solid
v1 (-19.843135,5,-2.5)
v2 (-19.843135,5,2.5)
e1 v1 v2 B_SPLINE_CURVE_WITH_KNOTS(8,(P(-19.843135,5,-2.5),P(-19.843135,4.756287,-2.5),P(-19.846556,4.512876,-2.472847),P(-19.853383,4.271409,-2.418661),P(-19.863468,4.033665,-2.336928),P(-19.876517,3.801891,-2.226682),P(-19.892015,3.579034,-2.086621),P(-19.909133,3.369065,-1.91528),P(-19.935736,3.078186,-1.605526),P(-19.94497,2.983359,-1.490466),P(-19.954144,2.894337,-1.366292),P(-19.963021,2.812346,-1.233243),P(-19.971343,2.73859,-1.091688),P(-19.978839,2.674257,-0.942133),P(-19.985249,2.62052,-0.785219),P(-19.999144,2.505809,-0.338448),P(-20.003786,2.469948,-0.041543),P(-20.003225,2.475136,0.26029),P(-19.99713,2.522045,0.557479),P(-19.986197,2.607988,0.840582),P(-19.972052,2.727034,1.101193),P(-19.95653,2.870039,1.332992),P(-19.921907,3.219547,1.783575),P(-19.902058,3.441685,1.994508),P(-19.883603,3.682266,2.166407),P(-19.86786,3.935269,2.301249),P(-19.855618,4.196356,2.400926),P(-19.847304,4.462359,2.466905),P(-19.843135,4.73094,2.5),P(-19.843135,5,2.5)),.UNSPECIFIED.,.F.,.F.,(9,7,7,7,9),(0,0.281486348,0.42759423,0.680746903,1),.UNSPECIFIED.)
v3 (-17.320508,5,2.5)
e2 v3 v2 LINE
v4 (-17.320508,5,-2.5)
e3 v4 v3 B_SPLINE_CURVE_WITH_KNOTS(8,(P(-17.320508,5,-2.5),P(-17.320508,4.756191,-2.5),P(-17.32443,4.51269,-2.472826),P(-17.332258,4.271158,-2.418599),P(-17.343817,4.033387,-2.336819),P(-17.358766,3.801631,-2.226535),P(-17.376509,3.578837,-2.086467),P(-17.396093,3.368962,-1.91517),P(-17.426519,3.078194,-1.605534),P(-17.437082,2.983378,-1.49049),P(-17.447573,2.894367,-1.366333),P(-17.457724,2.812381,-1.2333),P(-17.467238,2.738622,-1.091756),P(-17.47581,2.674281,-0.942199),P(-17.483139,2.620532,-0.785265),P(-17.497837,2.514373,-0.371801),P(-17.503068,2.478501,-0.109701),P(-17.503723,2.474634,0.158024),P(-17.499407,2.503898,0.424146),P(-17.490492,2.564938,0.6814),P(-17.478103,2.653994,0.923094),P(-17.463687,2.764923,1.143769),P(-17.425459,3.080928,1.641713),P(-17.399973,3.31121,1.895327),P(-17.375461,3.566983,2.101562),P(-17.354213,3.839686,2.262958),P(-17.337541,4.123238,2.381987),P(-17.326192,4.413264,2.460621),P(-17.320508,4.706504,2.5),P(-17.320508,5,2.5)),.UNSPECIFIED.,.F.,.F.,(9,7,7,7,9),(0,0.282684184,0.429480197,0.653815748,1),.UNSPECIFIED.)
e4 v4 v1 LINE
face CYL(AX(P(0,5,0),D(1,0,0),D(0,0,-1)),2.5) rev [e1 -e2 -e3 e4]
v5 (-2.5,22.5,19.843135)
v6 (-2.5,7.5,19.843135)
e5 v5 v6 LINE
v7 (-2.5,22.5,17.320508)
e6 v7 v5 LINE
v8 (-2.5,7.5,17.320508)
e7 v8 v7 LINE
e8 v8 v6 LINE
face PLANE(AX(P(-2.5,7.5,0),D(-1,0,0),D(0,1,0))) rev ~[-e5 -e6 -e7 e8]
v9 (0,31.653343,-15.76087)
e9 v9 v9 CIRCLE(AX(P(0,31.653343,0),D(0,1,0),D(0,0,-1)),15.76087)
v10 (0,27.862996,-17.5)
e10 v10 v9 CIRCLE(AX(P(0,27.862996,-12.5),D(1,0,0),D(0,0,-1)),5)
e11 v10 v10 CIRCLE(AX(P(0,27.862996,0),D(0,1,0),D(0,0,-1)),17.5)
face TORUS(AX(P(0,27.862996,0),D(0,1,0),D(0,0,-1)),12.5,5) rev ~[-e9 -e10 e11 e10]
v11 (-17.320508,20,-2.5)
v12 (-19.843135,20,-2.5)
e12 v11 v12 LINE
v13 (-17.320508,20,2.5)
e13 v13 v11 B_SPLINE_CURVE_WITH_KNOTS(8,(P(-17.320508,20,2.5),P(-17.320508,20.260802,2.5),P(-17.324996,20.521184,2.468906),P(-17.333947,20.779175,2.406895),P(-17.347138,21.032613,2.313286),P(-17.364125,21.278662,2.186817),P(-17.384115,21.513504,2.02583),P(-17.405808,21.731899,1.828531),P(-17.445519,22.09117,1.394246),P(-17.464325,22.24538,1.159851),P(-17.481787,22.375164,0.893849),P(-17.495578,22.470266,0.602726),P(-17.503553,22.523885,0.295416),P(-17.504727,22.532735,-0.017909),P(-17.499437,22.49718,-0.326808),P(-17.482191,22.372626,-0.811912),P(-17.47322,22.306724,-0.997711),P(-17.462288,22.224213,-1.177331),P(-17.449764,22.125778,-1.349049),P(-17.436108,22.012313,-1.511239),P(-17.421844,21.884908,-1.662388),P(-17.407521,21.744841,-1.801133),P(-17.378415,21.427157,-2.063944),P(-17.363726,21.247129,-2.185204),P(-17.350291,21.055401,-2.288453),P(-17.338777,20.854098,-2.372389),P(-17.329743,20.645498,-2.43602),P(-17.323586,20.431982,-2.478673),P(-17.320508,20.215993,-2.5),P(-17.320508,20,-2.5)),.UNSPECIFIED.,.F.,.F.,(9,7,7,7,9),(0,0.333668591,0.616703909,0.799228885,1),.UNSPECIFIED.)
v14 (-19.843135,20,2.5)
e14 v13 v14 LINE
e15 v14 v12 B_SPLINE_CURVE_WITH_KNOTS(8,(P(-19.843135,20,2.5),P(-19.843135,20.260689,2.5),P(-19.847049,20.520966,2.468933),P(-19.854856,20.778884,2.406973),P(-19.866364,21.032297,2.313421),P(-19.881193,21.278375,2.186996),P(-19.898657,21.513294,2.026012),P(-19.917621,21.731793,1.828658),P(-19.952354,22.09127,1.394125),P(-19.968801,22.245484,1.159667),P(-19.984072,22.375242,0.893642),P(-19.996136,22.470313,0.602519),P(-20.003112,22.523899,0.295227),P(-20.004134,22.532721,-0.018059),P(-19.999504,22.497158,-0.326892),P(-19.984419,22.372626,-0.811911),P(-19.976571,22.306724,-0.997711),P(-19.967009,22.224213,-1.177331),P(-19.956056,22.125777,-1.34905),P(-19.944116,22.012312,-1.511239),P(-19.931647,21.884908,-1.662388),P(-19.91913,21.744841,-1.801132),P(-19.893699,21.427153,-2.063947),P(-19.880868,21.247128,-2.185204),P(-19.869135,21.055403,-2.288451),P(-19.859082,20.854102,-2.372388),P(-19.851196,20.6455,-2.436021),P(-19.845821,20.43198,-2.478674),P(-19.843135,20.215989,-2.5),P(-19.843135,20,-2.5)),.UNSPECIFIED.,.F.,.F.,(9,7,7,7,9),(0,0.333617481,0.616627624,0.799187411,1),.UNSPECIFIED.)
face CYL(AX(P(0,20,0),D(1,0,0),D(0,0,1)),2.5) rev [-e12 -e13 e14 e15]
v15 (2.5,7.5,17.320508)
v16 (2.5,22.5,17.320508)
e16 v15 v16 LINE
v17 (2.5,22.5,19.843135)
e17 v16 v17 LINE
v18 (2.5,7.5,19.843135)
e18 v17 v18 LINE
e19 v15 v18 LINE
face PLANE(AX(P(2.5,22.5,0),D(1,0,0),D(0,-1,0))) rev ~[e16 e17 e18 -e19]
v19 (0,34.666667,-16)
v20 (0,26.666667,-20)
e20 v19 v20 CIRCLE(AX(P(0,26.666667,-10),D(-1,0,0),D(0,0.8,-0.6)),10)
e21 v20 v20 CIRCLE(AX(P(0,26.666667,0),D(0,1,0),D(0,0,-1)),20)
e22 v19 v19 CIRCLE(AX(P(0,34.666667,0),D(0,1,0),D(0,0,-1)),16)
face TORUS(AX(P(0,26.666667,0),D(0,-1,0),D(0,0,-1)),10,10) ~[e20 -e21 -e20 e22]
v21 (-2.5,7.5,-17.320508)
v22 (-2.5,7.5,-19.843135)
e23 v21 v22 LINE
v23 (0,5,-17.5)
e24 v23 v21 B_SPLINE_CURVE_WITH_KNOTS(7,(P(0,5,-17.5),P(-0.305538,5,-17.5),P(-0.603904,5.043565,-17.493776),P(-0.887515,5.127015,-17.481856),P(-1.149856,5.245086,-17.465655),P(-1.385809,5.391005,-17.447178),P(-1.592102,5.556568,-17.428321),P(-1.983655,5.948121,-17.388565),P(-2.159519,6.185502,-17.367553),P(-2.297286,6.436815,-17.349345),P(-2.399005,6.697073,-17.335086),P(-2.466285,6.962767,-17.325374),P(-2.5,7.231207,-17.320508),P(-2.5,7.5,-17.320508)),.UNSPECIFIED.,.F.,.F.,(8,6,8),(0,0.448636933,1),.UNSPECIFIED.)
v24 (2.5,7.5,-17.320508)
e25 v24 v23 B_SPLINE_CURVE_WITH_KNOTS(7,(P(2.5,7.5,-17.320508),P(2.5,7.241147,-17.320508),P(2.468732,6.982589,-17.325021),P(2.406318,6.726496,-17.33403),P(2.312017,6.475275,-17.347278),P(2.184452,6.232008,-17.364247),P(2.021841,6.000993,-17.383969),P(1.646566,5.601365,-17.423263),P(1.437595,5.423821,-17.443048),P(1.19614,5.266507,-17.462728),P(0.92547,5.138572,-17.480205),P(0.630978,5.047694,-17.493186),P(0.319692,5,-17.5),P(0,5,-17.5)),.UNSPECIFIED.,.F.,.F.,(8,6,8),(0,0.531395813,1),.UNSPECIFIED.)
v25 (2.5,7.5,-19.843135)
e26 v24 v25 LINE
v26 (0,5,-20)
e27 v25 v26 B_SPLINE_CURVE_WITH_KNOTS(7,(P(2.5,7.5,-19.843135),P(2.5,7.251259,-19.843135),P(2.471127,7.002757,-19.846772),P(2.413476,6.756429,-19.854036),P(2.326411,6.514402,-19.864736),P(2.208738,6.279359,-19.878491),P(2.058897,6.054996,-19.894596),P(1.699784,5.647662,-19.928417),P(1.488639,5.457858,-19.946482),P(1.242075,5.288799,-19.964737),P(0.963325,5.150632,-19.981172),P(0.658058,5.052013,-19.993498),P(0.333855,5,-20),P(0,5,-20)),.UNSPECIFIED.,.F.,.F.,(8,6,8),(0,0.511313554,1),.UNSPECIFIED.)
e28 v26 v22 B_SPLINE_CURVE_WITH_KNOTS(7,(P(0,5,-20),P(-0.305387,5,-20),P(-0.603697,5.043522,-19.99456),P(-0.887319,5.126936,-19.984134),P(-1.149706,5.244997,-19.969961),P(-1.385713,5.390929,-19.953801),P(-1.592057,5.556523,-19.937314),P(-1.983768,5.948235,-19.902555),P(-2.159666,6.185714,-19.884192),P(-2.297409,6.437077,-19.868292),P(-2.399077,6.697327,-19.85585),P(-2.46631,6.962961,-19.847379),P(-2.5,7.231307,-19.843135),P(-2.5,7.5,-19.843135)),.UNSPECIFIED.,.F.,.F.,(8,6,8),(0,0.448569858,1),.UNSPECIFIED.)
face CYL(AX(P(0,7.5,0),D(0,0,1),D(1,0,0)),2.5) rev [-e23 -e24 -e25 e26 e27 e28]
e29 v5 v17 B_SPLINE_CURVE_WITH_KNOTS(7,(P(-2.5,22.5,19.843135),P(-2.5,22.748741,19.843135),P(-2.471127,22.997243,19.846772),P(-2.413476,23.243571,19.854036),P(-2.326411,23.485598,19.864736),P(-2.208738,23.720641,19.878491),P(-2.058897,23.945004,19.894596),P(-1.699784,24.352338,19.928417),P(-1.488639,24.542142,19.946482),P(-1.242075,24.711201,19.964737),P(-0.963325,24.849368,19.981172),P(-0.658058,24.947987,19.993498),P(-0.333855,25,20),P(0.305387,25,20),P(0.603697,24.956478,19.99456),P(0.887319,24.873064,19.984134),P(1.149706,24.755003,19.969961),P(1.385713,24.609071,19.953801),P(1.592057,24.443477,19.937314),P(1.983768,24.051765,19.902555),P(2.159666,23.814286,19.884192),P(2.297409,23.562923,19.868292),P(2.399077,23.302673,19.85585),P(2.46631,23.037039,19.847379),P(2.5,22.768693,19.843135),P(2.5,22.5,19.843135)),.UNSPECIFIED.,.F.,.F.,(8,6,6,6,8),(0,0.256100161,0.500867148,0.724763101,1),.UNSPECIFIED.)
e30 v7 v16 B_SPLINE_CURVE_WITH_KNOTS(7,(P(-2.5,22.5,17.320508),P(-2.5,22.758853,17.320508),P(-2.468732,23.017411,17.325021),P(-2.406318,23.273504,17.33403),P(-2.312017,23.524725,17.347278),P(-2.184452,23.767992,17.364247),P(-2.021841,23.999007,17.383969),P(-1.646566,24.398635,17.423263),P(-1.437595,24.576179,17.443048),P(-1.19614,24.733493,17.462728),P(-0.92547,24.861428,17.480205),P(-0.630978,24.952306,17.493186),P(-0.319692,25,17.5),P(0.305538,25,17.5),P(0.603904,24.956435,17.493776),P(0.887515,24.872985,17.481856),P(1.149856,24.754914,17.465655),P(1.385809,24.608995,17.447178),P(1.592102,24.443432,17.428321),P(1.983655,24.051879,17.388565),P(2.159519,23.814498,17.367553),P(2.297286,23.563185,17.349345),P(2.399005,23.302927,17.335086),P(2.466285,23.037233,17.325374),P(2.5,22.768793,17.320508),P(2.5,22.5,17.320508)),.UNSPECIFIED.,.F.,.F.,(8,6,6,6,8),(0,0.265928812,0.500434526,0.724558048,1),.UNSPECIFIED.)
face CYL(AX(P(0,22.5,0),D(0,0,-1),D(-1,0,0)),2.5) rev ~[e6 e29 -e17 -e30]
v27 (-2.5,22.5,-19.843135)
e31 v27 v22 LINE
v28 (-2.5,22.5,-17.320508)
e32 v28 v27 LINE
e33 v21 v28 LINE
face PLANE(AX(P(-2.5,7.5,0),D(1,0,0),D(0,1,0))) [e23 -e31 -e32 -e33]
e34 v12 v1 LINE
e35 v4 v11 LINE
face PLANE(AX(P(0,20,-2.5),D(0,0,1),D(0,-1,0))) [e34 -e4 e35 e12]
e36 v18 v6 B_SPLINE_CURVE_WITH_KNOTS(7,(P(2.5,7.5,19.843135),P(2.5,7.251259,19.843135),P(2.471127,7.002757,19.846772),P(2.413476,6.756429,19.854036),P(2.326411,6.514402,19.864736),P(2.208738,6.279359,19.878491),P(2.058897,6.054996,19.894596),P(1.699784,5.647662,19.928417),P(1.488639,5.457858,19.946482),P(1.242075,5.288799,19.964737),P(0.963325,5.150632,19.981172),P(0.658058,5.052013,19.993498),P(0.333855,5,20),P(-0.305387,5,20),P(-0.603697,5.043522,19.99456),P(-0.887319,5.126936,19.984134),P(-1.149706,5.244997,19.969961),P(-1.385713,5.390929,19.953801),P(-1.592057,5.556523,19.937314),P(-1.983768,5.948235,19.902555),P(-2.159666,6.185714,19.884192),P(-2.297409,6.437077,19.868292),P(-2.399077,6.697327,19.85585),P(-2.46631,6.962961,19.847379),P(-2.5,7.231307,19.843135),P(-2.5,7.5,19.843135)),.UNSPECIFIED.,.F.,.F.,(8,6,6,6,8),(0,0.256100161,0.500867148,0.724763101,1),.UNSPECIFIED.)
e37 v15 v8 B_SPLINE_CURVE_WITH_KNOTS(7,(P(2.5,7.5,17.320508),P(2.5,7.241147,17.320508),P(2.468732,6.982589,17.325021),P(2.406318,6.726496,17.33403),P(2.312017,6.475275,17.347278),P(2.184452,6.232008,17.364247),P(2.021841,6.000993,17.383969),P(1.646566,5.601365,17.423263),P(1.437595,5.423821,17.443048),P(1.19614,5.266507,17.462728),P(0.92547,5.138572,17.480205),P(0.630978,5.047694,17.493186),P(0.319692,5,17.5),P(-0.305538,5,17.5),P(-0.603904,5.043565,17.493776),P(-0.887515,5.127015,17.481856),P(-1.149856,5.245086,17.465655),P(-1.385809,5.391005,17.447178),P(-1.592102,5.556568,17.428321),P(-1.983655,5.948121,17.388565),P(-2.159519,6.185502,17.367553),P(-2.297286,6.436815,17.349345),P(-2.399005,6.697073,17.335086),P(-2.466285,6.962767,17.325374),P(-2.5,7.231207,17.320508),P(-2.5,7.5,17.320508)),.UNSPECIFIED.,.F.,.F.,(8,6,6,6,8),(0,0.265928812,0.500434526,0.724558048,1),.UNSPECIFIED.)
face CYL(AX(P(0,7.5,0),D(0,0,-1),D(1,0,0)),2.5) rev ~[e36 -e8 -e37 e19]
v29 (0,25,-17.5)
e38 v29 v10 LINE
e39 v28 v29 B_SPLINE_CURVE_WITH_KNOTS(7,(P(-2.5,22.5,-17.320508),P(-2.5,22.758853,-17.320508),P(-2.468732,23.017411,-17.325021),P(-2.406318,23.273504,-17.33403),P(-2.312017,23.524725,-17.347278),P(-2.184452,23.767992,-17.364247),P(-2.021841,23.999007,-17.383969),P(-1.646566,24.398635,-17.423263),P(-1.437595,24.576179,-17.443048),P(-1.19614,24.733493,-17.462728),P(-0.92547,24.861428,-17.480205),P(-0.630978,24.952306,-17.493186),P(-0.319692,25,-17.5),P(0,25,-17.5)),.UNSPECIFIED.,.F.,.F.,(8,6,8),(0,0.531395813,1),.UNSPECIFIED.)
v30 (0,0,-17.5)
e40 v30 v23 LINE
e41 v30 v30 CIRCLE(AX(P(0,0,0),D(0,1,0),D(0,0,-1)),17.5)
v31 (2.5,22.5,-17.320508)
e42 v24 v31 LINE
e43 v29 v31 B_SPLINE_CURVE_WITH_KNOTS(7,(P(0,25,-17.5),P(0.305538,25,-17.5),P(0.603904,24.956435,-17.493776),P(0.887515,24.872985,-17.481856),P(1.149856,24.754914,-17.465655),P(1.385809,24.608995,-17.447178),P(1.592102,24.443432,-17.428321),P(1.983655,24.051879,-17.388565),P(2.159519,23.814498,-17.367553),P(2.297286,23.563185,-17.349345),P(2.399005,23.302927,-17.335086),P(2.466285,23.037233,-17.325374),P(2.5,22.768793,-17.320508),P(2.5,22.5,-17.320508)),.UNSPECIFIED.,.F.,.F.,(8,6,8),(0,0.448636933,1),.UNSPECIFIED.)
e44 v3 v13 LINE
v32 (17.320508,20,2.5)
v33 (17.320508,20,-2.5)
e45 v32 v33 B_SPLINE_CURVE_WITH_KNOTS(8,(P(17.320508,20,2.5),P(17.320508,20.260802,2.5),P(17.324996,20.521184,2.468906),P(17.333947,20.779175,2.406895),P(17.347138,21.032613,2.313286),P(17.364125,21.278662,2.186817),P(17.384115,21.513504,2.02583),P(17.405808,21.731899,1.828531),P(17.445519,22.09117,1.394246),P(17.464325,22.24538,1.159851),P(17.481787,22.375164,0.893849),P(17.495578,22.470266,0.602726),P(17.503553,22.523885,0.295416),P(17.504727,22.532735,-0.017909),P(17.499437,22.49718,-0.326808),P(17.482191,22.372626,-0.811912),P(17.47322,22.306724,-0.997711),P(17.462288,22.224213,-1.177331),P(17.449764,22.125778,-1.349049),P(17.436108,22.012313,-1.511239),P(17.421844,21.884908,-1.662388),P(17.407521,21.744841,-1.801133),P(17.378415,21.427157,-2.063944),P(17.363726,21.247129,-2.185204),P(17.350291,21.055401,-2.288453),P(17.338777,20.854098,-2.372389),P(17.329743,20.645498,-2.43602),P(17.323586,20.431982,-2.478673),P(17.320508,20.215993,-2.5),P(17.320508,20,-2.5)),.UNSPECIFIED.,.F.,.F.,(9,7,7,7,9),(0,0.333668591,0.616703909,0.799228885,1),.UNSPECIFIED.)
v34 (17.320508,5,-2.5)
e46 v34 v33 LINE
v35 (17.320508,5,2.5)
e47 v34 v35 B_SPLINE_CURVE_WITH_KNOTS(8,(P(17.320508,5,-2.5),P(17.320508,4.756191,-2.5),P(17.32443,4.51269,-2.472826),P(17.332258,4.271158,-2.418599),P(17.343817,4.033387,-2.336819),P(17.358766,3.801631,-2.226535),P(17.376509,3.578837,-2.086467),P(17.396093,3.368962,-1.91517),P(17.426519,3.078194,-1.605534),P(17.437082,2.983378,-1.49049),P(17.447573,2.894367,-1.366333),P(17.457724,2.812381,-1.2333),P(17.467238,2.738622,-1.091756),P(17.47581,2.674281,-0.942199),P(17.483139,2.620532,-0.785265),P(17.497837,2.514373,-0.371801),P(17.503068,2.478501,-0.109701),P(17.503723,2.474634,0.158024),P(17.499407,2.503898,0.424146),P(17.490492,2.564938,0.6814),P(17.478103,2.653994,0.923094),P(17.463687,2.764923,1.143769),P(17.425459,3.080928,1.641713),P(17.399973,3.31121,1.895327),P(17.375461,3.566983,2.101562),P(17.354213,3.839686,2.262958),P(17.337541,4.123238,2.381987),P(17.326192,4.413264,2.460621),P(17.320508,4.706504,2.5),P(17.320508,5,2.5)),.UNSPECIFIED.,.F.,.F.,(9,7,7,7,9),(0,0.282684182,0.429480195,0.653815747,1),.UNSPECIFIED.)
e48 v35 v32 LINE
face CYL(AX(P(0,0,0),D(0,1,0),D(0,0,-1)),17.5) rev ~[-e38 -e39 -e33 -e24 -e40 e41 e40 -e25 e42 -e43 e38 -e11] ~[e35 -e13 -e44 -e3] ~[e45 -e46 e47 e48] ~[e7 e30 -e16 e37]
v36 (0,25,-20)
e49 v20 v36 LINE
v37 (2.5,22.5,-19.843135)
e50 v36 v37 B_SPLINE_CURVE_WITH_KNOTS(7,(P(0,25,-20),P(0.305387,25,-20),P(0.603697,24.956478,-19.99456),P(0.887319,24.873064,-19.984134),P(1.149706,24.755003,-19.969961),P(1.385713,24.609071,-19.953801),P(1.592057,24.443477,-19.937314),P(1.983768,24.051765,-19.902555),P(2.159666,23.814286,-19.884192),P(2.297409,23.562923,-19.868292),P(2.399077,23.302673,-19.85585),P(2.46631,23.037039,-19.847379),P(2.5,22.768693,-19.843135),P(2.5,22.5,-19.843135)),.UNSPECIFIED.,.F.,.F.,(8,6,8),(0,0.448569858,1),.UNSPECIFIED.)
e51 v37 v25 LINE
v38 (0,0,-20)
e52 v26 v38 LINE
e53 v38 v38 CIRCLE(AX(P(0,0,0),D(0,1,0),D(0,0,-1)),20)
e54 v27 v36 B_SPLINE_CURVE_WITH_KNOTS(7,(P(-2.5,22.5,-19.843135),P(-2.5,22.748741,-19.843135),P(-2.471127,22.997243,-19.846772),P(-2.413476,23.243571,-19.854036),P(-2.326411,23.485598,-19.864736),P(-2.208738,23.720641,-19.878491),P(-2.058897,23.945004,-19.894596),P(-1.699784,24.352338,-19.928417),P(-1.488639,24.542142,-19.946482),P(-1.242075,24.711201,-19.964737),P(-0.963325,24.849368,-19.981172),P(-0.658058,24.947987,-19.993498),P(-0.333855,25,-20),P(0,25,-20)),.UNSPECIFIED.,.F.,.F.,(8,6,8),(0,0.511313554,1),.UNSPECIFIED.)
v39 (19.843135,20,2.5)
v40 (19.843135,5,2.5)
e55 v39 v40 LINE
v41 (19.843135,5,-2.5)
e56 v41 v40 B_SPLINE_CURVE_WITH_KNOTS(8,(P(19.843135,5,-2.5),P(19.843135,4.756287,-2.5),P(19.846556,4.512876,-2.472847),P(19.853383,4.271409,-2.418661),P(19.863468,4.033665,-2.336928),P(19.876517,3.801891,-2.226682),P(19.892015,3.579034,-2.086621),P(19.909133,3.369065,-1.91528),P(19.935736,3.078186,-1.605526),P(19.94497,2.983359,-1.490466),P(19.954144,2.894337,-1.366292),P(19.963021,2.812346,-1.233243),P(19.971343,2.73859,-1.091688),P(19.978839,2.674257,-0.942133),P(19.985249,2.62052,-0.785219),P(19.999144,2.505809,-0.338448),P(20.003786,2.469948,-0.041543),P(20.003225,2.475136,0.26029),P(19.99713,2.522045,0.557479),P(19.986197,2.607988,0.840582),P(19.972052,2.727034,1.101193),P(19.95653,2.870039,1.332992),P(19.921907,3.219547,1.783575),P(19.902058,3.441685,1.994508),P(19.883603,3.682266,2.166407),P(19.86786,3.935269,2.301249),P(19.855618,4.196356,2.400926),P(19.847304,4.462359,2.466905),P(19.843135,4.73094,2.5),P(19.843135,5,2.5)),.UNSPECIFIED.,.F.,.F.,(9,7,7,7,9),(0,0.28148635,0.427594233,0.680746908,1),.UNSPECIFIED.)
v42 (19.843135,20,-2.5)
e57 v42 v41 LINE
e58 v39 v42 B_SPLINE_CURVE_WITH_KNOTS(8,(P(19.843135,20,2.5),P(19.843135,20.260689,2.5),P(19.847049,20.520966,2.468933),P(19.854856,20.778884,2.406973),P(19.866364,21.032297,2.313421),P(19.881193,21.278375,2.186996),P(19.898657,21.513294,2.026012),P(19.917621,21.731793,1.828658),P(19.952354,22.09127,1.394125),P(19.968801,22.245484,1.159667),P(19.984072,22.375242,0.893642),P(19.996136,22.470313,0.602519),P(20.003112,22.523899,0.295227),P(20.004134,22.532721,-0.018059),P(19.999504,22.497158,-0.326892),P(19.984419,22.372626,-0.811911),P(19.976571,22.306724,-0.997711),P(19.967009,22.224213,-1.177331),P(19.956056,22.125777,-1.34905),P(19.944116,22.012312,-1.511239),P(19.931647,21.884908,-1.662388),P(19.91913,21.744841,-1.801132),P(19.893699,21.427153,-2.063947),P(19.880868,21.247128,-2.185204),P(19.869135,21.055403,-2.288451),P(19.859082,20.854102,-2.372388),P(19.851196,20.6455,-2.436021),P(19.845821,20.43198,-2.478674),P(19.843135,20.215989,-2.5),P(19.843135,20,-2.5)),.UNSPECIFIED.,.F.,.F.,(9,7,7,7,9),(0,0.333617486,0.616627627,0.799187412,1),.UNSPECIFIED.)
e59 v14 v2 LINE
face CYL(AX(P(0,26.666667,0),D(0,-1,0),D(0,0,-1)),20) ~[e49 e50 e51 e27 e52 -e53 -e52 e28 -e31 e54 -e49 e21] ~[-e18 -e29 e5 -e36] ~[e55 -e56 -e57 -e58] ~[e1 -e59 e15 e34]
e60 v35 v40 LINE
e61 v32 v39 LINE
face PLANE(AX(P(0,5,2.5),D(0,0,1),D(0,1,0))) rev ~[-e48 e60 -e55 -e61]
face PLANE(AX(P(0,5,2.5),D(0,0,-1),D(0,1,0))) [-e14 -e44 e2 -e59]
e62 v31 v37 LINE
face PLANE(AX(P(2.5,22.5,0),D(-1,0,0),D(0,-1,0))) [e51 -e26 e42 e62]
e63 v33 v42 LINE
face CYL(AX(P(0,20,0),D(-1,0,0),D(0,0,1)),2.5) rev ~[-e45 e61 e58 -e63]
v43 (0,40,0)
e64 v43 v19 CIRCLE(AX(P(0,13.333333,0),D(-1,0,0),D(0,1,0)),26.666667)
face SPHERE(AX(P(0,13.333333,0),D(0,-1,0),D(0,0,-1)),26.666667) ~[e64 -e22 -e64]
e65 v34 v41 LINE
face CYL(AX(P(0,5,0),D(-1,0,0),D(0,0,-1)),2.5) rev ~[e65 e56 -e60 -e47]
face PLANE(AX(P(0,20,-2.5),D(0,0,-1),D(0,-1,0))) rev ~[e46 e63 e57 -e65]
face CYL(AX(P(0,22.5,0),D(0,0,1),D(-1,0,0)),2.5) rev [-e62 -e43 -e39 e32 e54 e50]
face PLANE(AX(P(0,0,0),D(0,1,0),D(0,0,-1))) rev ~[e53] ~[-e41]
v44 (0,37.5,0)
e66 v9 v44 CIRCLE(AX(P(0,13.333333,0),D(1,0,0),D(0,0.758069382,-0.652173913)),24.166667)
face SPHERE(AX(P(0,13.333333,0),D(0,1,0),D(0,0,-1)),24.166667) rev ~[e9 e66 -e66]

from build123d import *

# Parameters (mm, degrees)
TAGLIO_ESTRUSIONE1_DEPTH      = 21.0000001
TAGLIO_ESTRUSIONE1_DEPTH_BACK = 21.0000001
TAGLIO_ESTRUSIONE2_DEPTH      = 21.0000001
TAGLIO_ESTRUSIONE2_DEPTH_BACK = 21.0000001


with BuildPart() as part:
    # Schizzo1 → Rivoluzione1 (revolve)
    with BuildSketch(Plane.XY, mode=Mode.PRIVATE) as rivoluzione1_sk:
        with BuildLine():
            Line((20, 26.666666667), (20, 0))
            Line((20, 0), (17.5, 0))
            Line((17.5, 0), (17.5, 27.862996478))
            ThreePointArc((17.5, 27.862996478), (17.044466296, 29.948140619), (15.760869565, 31.653343386))
            ThreePointArc((15.760869565, 31.653343386), (8.40518297, 35.991238731), (0, 37.5))
            Line((0, 37.5), (0, 40))
            ThreePointArc((0, 40), (8.432740427, 38.631554615), (16, 34.666666667))
            ThreePointArc((16, 34.666666667), (18.94427191, 31.138802622), (20, 26.666666667))
        make_face()
    revolve(rivoluzione1_sk.sketch.rotate(Axis((0, 0, 0), (0, 1, 0)), 90), axis=Axis((0, 0, 0), (0, 1, 0)))  # turned: the seam where the file's is

    # Schizzo2 → Taglio-Estrusione1 (cut, two sides)
    with BuildSketch(Plane.XY) as taglio_estrusione1_sk:
        with BuildLine():
            Line((2.5, 22.5), (2.5, 7.5))
            ThreePointArc((2.5, 7.5), (0, 5), (-2.5, 7.5))
            Line((-2.5, 7.5), (-2.5, 22.5))
            ThreePointArc((-2.5, 22.5), (0, 25), (2.5, 22.5))
        make_face()
    extrude(amount=TAGLIO_ESTRUSIONE1_DEPTH, mode=Mode.SUBTRACT)
    extrude(taglio_estrusione1_sk.sketch, amount=-TAGLIO_ESTRUSIONE1_DEPTH_BACK, mode=Mode.SUBTRACT)

    # Schizzo3 → Taglio-Estrusione2 (cut, two sides)
    with BuildSketch(Plane(origin=(0, 0, 0), x_dir=(0, 0, -1), z_dir=(1, 0, 0))) as taglio_estrusione2_sk:
        with BuildLine():
            Line((2.5, 20), (2.5, 5))
            ThreePointArc((2.5, 5), (0, 2.5), (-2.5, 5))
            Line((-2.5, 5), (-2.5, 20))
            ThreePointArc((-2.5, 20), (0, 22.5), (2.5, 20))
        make_face()
    extrude(amount=TAGLIO_ESTRUSIONE2_DEPTH, mode=Mode.SUBTRACT)
    extrude(taglio_estrusione2_sk.sketch, amount=-TAGLIO_ESTRUSIONE2_DEPTH_BACK, mode=Mode.SUBTRACT)


solid = part.part
